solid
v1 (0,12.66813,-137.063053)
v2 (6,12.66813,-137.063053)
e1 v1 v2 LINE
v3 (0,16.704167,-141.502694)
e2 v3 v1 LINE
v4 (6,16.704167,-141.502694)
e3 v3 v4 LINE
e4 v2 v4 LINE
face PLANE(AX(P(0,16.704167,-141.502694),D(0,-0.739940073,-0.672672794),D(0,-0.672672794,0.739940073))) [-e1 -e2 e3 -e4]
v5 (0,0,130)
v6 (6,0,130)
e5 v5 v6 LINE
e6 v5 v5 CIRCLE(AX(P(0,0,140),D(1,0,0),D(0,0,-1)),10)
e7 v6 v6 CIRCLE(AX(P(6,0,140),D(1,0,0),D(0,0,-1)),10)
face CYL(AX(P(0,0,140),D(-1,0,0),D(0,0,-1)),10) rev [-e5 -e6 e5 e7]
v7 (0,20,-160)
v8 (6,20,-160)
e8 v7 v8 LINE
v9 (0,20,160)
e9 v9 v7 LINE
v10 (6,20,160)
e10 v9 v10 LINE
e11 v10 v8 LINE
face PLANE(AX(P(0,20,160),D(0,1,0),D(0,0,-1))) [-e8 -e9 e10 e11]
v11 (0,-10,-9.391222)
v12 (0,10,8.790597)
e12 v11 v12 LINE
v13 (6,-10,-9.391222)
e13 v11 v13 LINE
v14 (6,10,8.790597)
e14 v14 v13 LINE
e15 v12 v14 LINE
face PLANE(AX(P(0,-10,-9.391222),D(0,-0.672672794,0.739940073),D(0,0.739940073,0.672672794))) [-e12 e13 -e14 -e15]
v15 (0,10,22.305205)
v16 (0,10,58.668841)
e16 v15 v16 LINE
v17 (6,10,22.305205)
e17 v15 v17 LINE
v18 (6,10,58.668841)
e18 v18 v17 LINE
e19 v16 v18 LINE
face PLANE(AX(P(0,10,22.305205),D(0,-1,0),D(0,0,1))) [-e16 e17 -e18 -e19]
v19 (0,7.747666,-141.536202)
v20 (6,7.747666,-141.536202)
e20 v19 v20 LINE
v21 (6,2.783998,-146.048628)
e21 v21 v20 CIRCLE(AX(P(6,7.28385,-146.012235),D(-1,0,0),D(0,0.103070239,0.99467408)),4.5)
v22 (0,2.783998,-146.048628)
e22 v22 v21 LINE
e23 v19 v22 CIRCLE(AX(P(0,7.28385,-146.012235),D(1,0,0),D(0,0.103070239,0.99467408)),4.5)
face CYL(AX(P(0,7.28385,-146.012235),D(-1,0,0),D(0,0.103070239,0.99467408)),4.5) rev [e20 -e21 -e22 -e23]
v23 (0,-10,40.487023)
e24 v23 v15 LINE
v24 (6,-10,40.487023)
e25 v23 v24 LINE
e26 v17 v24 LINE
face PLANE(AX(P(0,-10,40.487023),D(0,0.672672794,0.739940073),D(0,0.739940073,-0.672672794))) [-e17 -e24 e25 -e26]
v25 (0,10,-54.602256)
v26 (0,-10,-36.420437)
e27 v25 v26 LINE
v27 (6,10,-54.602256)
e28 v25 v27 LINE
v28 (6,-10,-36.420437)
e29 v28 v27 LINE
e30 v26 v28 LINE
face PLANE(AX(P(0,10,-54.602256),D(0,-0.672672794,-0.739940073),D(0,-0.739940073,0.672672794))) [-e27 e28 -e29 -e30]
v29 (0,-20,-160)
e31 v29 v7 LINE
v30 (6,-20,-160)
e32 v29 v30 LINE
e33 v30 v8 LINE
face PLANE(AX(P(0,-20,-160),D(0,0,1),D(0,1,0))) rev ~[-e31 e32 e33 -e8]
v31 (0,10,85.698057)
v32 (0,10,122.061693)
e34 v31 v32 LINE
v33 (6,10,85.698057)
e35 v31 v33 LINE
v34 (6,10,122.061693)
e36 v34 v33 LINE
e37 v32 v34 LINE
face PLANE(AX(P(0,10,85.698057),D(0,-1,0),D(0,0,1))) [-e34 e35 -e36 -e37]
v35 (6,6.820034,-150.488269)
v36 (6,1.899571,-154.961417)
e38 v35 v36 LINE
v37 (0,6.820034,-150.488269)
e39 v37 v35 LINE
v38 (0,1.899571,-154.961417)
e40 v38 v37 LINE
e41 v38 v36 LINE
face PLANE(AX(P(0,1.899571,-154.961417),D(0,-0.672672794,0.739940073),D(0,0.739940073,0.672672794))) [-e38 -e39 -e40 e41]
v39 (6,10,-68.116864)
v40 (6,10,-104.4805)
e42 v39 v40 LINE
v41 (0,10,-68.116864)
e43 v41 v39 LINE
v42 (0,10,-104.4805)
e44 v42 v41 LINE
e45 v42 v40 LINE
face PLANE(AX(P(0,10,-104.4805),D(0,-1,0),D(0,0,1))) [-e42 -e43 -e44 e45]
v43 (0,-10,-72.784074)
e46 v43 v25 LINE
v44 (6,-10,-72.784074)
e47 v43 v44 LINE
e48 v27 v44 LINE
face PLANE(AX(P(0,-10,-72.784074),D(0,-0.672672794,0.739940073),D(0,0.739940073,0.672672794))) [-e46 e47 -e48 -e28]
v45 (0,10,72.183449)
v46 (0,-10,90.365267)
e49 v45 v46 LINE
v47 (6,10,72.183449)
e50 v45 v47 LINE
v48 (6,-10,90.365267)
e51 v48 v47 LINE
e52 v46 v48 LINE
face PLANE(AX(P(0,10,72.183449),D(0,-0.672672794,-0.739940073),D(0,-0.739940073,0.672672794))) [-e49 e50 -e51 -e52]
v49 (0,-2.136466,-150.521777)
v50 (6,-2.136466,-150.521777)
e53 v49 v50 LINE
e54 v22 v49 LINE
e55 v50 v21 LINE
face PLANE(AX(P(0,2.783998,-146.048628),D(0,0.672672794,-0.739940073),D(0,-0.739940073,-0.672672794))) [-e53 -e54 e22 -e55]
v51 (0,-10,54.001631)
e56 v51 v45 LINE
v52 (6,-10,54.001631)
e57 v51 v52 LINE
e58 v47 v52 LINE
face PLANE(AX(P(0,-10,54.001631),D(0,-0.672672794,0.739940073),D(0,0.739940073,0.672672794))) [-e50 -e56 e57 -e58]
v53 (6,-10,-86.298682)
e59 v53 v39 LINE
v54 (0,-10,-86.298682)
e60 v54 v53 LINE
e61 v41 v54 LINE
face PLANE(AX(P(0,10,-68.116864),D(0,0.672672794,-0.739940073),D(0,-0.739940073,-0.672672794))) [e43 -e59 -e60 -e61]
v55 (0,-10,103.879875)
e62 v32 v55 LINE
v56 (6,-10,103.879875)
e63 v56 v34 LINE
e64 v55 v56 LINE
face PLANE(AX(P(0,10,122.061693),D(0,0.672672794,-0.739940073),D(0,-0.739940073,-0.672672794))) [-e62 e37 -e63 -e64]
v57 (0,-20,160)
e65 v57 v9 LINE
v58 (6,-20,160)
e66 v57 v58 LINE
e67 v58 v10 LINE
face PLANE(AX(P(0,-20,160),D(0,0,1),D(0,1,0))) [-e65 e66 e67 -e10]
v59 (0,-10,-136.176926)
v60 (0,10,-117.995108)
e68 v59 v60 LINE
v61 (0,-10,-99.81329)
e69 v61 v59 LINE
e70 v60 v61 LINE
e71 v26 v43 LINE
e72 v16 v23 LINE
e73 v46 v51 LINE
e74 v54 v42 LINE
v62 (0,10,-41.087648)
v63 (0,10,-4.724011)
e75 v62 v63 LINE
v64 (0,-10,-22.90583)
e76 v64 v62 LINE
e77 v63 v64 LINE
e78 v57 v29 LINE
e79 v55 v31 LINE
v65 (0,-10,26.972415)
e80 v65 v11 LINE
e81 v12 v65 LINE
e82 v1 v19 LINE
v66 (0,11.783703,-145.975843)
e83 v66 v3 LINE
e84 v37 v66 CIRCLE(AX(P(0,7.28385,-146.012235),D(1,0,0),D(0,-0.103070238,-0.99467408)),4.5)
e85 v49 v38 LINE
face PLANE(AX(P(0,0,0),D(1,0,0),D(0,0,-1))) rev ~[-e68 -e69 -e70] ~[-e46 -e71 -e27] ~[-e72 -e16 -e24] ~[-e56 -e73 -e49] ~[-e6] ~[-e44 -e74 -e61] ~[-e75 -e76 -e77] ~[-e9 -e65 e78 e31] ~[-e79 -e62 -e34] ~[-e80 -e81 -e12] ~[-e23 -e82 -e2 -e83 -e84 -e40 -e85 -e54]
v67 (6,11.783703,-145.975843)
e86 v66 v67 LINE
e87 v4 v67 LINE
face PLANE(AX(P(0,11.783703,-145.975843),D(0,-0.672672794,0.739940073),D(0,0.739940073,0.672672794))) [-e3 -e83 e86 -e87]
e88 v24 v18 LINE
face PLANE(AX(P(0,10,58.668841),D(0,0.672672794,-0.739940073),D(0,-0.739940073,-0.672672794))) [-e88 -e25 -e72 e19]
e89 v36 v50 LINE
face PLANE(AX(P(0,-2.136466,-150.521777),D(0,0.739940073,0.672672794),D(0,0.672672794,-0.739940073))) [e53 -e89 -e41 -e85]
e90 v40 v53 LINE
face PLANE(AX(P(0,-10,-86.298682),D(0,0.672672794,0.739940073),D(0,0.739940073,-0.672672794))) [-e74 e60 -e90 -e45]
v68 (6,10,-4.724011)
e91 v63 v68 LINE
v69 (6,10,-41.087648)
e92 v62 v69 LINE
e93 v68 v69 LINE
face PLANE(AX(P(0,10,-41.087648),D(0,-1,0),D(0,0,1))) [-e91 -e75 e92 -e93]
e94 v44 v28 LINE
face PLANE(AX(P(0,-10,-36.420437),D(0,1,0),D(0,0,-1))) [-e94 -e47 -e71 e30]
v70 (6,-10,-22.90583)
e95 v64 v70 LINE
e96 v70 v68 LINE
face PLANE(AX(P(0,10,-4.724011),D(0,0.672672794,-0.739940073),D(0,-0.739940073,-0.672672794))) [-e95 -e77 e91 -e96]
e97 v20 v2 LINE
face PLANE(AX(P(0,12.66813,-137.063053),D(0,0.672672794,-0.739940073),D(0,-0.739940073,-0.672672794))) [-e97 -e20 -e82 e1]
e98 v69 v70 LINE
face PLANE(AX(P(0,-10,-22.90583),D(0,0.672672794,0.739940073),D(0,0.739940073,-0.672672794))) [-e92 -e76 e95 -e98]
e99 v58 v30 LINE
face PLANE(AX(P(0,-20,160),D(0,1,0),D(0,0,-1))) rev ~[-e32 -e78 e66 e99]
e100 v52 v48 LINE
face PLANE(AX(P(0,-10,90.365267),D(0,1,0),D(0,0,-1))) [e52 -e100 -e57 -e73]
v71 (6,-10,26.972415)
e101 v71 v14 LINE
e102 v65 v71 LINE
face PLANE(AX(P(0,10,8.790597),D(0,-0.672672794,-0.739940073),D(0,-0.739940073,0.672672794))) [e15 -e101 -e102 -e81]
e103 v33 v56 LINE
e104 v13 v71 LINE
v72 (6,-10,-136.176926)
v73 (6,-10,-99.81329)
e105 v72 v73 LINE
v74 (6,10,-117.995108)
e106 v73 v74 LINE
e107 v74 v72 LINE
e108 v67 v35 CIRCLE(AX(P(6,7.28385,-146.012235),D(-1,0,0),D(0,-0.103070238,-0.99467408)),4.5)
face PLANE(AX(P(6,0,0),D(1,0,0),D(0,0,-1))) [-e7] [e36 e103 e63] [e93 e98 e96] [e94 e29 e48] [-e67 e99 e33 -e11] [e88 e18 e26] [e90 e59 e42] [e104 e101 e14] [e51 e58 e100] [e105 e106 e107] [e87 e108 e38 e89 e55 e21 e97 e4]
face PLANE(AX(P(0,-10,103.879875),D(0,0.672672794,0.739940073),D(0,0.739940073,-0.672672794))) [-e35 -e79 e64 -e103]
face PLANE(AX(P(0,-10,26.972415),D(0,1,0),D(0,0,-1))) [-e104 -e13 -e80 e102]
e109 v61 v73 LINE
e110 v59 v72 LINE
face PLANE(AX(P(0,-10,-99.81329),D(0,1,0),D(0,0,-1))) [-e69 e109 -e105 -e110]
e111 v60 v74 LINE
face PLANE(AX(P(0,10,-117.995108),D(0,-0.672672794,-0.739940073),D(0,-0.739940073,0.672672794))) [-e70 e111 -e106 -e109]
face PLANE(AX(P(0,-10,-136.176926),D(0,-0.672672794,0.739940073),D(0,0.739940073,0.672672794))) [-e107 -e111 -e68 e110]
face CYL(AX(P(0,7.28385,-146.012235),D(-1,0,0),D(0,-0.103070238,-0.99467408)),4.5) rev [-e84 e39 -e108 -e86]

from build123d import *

# Parameters (mm, degrees)
SKETCH1_W           = 320
SKETCH1_H           = 40
SKETCH1_R           = 10
BOSS_EXTRUDE1_DEPTH = 6
CUT_EXTRUDE2_DEPTH  = 10
CUT_EXTRUDE3_DEPTH  = 7


with BuildPart() as part:
    # Sketch1 → Boss-Extrude1 (new body)
    with BuildSketch(Plane(origin=(0, 0, 0), x_dir=(0, 0, -1), z_dir=(1, 0, 0))):
        Rectangle(SKETCH1_W, SKETCH1_H)
        with Locations((-140, 0)):
            Circle(SKETCH1_R, mode=Mode.SUBTRACT)
    extrude(amount=BOSS_EXTRUDE1_DEPTH)

    # Sketch2 → Cut-Extrude2 (cut)
    with BuildSketch(Plane.ZY):
        Polygon((54.001630689, -10), (72.183448871, 10), (90.365267053, -10), align=None)
        Polygon((22.305204555, 10), (58.668840919, 10), (40.487022737, -10), align=None)
        Polygon((-9.391221579, -10), (8.790596603, 10), (26.972414785, -10), align=None)
        Polygon((-4.724011349, 10), (-22.905829531, -10), (-41.087647713, 10), align=None)
        Polygon((-36.420437483, -10), (-72.784073847, -10), (-54.602255665, 10), align=None)
        Polygon((-68.116863617, 10), (-86.298681799, -10), (-104.48049998, 10), align=None)
        Polygon((-99.813289751, -10), (-136.176926114, -10), (-117.995107933, 10), align=None)
        Polygon((85.698056823, 10), (122.061693187, 10), (103.879875005, -10), align=None)
    extrude(amount=-CUT_EXTRUDE2_DEPTH, mode=Mode.SUBTRACT)

    # Sketch3 → Cut-Extrude3 (cut, through all)
    with BuildSketch(Plane.ZY):
        with BuildLine():
            Line((-146.04862835, 2.783997553), (-150.521776952, -2.136465909))
            Line((-150.521776952, -2.136465909), (-154.961417393, 1.899570855))
            Line((-154.961417393, 1.899570855), (-150.488268791, 6.820034317))
            ThreePointArc((-150.488268791, 6.820034317), (-149.34196576, 10.310877963), (-145.975842509, 11.783703228))
            Line((-145.975842509, 11.783703228), (-141.502693907, 16.70416669))
            Line((-141.502693907, 16.70416669), (-137.063053466, 12.668129926))
            Line((-137.063053466, 12.668129926), (-141.536202068, 7.747666464))
            ThreePointArc((-141.536202068, 7.747666464), (-142.682505099, 4.256822817), (-146.04862835, 2.783997553))
        make_face()
    extrude(amount=-CUT_EXTRUDE3_DEPTH, mode=Mode.SUBTRACT)


solid = part.part
